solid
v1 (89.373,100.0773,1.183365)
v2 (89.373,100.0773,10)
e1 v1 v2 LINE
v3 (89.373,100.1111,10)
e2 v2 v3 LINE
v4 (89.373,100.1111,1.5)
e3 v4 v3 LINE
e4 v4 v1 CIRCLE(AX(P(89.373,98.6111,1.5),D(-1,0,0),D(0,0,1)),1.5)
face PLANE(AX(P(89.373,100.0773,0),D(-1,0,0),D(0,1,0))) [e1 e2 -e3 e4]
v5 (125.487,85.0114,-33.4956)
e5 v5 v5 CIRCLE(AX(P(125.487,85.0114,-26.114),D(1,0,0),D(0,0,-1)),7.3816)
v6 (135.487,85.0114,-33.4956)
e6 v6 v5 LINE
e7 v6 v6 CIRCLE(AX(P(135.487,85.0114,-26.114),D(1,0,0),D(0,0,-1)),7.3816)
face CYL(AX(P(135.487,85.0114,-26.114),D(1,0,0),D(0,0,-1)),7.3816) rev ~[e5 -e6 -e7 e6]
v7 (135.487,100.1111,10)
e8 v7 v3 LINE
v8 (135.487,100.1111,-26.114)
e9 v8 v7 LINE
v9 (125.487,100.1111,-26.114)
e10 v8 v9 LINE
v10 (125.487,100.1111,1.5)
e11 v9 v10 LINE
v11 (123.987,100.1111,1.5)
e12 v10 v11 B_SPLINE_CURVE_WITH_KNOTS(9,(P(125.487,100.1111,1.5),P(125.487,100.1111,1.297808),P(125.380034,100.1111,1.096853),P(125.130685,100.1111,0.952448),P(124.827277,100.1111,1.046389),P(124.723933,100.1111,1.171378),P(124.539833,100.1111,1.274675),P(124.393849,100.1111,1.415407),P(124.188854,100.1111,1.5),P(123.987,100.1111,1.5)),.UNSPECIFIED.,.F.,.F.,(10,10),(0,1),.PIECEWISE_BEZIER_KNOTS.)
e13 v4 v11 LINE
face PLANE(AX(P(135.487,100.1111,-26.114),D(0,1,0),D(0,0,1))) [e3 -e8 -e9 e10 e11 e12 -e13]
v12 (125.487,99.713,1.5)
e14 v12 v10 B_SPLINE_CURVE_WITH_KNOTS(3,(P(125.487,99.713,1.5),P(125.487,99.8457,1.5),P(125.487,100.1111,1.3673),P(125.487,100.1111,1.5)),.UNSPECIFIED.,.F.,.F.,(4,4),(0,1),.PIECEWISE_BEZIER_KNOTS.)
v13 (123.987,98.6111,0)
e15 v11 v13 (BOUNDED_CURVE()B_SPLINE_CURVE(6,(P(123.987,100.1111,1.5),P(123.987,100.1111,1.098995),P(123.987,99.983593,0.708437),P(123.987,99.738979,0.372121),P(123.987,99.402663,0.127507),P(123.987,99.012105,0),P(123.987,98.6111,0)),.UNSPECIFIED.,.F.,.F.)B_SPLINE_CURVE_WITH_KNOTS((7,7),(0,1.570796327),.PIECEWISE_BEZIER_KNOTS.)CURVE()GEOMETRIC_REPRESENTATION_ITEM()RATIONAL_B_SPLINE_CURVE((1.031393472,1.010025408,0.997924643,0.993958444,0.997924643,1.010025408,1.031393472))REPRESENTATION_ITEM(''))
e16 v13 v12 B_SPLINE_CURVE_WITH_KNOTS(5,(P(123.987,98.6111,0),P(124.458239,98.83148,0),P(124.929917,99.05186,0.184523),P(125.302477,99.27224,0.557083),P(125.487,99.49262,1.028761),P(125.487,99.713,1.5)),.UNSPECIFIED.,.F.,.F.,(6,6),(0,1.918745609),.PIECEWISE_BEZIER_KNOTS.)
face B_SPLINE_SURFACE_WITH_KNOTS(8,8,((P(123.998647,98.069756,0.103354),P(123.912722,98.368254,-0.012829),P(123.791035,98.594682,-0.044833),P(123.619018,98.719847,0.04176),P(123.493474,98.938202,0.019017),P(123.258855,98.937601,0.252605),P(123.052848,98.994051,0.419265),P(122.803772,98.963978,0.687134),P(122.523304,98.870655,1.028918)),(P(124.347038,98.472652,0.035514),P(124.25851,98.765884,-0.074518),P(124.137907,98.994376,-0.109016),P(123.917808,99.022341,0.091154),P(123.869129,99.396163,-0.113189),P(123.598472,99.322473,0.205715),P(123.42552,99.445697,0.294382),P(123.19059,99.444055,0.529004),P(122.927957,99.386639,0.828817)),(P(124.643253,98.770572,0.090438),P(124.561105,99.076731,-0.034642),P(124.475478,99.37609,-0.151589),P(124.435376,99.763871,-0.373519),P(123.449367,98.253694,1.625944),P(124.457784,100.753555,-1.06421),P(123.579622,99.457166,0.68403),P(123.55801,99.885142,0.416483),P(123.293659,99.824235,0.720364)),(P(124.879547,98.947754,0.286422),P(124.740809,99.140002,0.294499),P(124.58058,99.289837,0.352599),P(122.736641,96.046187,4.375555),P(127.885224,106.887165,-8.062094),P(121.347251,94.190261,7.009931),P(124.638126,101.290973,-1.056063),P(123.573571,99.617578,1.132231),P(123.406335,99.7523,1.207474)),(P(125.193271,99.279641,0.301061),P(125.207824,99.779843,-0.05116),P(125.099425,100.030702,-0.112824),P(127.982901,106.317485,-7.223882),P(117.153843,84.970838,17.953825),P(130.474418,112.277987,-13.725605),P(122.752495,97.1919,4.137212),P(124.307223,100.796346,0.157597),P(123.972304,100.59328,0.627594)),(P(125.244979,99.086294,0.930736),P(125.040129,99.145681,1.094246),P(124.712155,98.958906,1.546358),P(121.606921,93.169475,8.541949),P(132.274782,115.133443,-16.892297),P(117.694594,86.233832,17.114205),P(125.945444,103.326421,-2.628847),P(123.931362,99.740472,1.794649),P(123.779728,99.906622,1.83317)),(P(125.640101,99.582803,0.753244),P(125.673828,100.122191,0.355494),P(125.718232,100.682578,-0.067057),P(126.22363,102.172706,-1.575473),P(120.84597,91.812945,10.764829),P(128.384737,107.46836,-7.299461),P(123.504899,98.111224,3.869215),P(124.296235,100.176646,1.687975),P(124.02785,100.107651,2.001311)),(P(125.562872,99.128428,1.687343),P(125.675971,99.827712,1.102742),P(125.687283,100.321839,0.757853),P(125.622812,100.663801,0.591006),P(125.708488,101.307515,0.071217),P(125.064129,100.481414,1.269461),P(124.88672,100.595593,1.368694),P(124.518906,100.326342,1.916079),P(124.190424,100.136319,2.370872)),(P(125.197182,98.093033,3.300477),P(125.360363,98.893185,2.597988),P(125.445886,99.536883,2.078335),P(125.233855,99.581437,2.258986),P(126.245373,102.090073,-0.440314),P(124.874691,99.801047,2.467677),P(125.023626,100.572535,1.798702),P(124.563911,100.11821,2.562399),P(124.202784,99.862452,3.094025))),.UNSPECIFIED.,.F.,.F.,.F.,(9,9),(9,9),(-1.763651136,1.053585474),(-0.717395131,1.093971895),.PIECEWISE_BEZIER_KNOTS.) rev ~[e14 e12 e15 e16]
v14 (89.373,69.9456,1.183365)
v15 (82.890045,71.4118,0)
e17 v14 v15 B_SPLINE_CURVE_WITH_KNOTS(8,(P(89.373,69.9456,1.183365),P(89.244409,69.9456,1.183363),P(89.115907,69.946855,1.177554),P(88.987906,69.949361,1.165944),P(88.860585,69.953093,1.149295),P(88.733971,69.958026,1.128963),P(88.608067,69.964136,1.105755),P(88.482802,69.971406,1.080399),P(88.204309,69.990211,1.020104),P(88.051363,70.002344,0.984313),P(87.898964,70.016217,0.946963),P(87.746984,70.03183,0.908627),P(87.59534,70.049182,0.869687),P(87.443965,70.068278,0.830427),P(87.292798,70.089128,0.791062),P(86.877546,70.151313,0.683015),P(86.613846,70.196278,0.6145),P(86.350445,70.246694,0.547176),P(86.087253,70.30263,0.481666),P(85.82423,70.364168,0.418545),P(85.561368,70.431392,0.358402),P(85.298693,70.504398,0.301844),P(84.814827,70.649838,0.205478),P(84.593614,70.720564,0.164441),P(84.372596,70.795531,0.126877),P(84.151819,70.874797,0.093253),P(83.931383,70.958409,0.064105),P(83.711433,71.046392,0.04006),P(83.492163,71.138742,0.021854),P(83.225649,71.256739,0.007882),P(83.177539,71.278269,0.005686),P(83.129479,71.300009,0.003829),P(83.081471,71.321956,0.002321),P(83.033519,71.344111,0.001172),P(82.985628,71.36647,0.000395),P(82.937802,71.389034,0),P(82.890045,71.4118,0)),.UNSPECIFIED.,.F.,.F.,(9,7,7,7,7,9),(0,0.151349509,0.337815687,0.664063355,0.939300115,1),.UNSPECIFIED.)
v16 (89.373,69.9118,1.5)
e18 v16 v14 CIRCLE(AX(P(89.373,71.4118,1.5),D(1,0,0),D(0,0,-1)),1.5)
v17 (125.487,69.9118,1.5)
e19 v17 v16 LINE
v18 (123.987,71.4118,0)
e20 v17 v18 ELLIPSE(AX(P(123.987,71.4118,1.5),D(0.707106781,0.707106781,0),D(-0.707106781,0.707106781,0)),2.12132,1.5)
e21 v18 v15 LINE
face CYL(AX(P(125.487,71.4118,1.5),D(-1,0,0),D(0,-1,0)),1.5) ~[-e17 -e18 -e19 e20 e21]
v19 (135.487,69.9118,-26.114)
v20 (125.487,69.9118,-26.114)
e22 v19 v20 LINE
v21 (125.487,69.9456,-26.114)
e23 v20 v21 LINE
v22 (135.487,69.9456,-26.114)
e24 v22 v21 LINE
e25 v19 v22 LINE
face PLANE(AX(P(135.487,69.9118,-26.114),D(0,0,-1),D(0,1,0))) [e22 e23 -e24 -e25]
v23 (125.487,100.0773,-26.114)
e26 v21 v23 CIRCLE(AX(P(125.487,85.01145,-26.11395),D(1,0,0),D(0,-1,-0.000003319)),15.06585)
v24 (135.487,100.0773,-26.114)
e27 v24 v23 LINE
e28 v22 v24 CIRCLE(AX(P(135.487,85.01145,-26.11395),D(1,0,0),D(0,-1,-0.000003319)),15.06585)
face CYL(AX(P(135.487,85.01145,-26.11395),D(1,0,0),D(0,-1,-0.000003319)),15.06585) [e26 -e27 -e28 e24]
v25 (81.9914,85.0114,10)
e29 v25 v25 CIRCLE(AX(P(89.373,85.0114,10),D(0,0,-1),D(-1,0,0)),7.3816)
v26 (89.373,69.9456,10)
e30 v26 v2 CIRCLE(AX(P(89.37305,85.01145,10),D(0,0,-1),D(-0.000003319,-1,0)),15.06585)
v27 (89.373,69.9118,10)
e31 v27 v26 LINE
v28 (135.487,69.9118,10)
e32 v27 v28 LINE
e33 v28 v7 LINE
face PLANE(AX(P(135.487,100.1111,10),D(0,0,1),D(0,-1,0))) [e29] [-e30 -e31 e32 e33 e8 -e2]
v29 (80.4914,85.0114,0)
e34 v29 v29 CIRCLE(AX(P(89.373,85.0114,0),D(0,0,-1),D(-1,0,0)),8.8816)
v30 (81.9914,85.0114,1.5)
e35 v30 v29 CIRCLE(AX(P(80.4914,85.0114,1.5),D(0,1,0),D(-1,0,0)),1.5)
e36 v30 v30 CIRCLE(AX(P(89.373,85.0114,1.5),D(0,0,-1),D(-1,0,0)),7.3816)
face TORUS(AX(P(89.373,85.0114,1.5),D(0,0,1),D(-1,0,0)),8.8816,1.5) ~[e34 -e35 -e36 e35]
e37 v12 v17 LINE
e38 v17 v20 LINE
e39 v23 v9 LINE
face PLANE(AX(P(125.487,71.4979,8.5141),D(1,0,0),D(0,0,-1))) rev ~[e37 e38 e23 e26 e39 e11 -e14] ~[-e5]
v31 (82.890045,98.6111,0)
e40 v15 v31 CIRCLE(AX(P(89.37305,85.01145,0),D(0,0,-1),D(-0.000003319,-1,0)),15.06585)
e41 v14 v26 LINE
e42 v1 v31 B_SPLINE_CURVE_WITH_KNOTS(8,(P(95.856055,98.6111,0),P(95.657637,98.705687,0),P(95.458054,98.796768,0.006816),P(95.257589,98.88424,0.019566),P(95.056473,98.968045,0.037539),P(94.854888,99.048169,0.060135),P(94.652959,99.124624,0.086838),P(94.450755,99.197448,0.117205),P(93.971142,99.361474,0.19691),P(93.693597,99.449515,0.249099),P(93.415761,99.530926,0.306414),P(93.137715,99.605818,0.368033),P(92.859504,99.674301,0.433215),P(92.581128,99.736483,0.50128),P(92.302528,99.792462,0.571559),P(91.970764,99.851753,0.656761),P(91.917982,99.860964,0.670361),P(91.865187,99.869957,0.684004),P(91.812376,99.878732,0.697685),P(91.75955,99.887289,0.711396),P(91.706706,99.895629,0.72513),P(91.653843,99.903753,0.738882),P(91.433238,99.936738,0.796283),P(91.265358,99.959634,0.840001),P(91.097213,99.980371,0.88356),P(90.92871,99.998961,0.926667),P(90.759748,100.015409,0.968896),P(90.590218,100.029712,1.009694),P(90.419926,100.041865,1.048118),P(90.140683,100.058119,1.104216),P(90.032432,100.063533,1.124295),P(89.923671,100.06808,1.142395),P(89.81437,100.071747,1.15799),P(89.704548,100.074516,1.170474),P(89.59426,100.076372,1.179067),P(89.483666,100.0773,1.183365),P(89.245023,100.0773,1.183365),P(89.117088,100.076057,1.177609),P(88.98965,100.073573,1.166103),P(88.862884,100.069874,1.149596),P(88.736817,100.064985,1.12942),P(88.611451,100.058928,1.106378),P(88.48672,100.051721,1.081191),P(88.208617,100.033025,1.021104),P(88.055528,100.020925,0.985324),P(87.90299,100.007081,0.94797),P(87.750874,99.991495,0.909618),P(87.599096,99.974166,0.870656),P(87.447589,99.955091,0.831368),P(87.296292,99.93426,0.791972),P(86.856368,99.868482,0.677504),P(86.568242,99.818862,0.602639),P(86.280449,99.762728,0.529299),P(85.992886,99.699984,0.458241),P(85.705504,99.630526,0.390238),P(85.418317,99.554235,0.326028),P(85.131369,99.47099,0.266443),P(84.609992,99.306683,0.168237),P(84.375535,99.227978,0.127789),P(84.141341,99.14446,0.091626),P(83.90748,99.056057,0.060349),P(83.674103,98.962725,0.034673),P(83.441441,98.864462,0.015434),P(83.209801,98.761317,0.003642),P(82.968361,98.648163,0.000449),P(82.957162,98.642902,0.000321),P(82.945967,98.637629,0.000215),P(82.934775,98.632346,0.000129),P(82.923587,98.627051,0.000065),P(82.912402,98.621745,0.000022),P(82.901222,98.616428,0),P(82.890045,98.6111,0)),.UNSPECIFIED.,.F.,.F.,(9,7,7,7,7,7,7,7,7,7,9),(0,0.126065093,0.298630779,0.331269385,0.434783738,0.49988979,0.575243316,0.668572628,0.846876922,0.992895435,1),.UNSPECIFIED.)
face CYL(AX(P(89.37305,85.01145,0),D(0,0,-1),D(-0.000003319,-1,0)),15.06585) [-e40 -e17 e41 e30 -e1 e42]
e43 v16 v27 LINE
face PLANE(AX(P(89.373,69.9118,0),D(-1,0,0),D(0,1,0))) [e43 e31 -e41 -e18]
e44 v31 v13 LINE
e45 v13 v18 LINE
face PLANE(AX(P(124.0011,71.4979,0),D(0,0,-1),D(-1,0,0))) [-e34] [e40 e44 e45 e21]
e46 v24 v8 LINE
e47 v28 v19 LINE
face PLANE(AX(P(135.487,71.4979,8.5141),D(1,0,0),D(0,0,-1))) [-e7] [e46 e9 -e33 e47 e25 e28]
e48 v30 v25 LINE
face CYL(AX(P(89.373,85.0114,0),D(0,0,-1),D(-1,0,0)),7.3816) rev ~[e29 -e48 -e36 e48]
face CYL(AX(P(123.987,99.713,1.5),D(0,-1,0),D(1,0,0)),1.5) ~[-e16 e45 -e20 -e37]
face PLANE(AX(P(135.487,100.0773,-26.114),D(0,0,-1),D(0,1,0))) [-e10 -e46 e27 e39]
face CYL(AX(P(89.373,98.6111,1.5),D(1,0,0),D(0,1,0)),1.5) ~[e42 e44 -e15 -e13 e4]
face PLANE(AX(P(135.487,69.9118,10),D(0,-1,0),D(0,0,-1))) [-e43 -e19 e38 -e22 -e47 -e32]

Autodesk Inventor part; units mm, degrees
ref_plane "YZ Plane" through (0, 0, 0) normal (1, 0, 0) x (0, 1, 0)
ref_plane "XZ Plane" through (0, 0, 0) normal (0, 1, 0) x (-1, 0, 0)
ref_plane "XY Plane" through (0, 0, 0) normal (0, 0, 1) x (1, 0, 0)
sketch "Sketch2" plane through (124.0011, 71.4979, 0) normal (0, 0, -1) x (-1, 0, 0)
  line L0 (-1.4859, 28.2151) -> (-1.4859, -1.5861)
  line L1 (-1.4859, -1.5861) -> (34.6281, -1.5861)
  line L2 (34.6281, 28.6132) -> (-1.4859, 28.6132)
  line L3 (-1.4859, 28.6132) -> (-1.4859, 28.2151)
  arc A0 (34.6281, -1.5523) -> (34.6281, 28.5794) centre (34.6281, 13.5135) ccw
  line L4 (34.6281, -1.5861) -> (34.6281, -1.5523)
  line L5 (34.6281, 28.5794) -> (34.6281, 28.6132)
  circle A1 centre (34.6281, 13.5135) radius 7.3816
  point P0 (124.0011, -71.4979)
extrude "Extrusion1" add sketch "Sketch2" against normal blind 10
fillet "Fillet1" radius 1.5 3 edges at (107.43, 100.111, 0) (107.43, 69.9118, 0) (125.487, 84.8124, 0)
fillet "Fillet2" radius 1.5 1 edges at (96.7547, 85.0114, 0)
pattern_circular "Circular Pattern1" count 2 over 270 about axis through (125.487, 69.9118, 10) along (0, 1, 0) of "Extrusion1"
properties part number "90joint"
